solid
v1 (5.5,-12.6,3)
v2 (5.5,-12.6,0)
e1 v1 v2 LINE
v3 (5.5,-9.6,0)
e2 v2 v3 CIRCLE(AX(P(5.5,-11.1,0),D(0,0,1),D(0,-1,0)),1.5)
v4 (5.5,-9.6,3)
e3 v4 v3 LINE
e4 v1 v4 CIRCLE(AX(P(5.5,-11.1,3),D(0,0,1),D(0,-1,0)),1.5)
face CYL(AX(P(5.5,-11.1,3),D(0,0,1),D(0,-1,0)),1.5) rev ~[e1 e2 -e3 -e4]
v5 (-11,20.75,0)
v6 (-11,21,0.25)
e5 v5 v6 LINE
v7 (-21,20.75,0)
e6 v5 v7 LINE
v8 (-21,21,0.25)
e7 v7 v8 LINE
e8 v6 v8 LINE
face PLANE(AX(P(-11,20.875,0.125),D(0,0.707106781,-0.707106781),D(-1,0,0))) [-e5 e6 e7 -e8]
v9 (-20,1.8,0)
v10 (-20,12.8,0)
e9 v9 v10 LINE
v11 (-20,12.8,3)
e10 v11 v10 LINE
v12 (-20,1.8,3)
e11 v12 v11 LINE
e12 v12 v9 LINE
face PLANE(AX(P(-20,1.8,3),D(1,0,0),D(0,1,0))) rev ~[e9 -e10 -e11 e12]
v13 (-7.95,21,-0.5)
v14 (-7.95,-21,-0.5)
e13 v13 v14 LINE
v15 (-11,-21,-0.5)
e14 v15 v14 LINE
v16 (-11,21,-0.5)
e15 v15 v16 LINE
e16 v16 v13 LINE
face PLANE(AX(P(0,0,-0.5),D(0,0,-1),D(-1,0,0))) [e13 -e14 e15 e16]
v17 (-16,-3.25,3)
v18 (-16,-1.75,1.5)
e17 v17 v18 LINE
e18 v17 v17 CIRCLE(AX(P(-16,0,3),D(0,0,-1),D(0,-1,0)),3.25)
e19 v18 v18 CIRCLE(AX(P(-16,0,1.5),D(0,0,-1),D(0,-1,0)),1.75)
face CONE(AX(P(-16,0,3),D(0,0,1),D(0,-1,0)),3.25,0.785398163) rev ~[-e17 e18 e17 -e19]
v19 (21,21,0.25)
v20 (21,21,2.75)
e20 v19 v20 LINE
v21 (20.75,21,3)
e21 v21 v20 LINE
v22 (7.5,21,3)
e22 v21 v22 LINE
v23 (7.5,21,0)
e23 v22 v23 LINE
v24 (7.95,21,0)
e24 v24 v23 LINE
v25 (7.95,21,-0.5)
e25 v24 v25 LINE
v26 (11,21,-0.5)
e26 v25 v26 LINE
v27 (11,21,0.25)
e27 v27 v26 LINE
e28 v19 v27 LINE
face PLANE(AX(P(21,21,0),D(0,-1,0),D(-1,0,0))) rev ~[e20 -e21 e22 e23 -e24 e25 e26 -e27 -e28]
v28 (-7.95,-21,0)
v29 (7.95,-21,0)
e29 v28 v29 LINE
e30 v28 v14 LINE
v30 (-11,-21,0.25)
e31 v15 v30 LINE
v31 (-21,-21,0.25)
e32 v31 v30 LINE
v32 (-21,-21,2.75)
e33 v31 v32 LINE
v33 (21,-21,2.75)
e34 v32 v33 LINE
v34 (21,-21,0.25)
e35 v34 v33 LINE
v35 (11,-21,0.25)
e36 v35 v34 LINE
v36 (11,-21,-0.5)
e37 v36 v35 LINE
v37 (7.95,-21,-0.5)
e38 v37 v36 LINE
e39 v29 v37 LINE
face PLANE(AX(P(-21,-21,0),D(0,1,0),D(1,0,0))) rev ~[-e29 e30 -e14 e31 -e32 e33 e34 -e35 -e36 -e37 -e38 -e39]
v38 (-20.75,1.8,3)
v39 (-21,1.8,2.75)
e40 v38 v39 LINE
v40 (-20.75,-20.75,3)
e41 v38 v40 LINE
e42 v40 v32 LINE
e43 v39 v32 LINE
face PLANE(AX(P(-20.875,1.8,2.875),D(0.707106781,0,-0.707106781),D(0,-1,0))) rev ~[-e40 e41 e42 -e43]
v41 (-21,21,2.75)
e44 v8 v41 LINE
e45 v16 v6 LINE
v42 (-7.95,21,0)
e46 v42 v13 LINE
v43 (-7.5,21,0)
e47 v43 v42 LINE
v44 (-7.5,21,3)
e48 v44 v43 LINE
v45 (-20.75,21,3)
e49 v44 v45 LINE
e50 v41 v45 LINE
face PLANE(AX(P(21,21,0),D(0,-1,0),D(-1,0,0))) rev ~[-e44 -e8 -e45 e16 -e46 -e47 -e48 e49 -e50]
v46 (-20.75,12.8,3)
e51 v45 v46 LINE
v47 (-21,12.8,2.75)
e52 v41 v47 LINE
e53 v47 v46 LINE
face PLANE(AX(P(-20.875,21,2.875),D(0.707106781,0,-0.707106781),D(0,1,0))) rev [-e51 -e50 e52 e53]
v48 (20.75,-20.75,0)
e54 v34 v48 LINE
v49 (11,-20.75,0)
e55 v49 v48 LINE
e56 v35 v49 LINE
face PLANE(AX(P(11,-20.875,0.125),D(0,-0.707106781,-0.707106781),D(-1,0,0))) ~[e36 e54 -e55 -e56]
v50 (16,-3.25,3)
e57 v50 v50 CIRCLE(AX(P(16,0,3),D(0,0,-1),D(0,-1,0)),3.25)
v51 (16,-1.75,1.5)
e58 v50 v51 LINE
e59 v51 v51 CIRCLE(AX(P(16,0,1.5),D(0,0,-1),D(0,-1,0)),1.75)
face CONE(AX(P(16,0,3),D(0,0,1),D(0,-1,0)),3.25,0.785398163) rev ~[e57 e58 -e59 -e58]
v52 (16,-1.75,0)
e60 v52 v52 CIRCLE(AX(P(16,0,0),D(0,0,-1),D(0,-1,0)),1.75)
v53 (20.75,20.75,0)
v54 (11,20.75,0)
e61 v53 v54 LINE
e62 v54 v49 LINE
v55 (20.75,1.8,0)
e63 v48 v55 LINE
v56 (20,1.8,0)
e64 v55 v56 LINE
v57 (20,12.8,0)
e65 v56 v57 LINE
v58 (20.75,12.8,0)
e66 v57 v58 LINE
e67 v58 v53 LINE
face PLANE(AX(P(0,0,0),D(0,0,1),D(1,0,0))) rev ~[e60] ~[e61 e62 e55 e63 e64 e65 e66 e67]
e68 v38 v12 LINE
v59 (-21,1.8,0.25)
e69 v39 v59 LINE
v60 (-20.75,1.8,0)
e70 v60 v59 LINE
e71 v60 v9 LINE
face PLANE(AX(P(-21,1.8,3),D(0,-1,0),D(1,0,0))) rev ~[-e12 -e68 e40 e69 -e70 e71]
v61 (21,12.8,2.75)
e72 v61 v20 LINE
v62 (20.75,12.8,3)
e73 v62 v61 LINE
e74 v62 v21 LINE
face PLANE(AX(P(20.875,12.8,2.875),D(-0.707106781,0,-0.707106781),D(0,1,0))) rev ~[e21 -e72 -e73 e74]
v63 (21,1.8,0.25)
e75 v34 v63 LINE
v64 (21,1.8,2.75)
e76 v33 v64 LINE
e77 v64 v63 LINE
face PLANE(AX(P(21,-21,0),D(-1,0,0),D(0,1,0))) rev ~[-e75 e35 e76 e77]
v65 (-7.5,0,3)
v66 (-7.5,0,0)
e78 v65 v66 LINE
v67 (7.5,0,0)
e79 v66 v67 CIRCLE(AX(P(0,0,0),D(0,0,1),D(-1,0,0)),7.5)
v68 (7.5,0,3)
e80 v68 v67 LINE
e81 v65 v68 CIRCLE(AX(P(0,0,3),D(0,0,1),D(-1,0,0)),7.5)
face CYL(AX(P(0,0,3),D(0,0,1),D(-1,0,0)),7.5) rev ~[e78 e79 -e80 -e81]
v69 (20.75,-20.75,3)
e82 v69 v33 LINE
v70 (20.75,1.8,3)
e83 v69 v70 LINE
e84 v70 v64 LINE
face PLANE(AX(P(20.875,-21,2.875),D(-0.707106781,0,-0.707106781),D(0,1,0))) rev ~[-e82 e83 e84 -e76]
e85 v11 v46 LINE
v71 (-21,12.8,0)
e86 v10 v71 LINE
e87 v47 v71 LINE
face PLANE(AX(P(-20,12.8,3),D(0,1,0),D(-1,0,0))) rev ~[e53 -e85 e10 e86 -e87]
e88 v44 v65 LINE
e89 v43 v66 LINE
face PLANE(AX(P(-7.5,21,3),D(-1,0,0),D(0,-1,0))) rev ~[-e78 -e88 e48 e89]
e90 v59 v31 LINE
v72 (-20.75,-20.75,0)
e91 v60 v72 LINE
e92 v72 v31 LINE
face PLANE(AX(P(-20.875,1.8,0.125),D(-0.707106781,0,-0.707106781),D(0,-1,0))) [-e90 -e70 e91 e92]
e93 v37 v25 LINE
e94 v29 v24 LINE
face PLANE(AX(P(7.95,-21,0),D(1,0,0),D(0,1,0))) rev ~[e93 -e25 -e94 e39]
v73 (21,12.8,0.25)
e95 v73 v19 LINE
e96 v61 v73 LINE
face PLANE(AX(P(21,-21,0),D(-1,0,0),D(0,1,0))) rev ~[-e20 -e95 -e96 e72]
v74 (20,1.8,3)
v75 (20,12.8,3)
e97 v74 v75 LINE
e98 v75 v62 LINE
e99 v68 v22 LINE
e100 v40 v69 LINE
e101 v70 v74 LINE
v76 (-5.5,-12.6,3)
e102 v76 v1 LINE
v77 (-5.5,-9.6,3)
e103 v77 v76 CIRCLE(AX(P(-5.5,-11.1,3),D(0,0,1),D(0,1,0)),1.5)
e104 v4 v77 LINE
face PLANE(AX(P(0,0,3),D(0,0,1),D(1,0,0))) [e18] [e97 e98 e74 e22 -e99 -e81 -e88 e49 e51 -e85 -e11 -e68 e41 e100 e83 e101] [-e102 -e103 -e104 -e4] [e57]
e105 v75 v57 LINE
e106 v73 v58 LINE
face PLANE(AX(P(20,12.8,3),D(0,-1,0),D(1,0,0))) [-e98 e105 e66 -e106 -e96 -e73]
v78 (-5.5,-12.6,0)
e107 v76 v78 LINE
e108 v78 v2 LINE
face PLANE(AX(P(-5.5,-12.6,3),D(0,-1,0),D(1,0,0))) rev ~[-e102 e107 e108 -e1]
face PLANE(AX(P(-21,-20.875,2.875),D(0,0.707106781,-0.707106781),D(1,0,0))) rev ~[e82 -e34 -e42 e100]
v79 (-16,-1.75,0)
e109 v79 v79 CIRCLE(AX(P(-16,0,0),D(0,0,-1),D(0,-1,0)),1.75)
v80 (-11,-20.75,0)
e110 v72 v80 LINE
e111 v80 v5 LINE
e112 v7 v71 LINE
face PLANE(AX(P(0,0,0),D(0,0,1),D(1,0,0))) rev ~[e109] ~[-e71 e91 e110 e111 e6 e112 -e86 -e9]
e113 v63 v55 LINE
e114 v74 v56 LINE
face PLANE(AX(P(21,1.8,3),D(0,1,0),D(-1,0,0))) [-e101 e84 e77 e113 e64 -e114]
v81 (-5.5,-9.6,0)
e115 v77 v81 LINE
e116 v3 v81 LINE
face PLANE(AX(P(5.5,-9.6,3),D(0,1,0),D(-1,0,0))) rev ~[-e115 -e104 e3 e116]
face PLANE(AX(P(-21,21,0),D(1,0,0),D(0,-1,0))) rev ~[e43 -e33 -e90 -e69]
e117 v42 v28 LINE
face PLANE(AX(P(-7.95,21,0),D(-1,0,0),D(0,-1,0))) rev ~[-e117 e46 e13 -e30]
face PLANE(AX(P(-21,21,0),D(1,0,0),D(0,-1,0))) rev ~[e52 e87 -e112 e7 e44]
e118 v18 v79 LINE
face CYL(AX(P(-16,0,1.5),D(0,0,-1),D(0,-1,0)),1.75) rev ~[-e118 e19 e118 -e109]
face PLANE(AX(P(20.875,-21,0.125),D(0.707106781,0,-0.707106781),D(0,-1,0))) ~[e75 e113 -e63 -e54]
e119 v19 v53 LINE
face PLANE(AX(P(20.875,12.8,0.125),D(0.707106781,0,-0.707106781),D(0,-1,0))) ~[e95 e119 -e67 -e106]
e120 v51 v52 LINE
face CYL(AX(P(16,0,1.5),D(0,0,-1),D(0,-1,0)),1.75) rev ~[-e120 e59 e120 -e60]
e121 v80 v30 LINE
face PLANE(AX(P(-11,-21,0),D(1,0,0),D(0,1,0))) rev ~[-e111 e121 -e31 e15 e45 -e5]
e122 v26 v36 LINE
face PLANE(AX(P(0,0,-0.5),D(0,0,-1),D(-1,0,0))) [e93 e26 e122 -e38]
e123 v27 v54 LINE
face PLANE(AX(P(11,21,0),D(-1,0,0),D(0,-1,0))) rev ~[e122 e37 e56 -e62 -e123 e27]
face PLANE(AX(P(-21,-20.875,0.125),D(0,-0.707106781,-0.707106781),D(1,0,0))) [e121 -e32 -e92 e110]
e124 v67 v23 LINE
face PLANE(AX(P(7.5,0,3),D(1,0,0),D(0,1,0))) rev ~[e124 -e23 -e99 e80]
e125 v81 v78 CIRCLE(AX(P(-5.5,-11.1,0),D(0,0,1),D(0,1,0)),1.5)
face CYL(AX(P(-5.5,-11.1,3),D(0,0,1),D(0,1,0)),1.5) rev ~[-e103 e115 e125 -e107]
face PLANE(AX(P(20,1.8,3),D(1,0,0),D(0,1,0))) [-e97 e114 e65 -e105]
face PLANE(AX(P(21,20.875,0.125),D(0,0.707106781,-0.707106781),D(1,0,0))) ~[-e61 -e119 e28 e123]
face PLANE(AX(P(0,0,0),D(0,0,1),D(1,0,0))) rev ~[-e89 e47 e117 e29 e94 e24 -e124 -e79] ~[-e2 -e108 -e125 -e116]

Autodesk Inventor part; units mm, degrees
ref_plane "YZ Plane" through (0, 0, 0) normal (1, 0, 0) x (0, 1, 0)
ref_plane "XZ Plane" through (0, 0, 0) normal (0, 1, 0) x (-1, 0, 0)
ref_plane "XY Plane" through (0, 0, 0) normal (0, 0, 1) x (1, 0, 0)
sketch "Esquisse1" plane through (0, 0, 0) normal (0, 0, 1) x (1, 0, 0)
  line L0 (-21, -21) -> (21, -21)
  line L1 (21, -21) -> (21, 21)
  line L2 (21, 21) -> (-21, 21)
  line L3 (-21, 21) -> (-21, -21)
  point P0 (0, 0)
  dimension "d0" = 42
  dimension "d1" = 42
  dimension "d2" = 21
  dimension "d3" = 21
extrude "Extrusion1" add sketch "Esquisse1" along normal blind 3
sketch "Esquisse2" plane through (0, 0, 3) normal (0, 0, 1) x (1, 0, 0)
  line L0 (21, 1.8) -> (20, 1.8)
  line L1 (20, 1.8) -> (20, 12.8)
  line L2 (20, 12.8) -> (21, 12.8)
  line L3 (21, 12.8) -> (21, 1.8)
  line L4 (-21, 1.8) -> (-20, 1.8)
  line L5 (-20, 1.8) -> (-20, 12.8)
  line L6 (-20, 12.8) -> (-21, 12.8)
  line L7 (-21, 12.8) -> (-21, 1.8)
  line L8 (21, 21) -> (-21, 21) projected
  line L9 (-21, 21) -> (-21, -21) projected
  line L10 (21, -21) -> (21, 21) projected
  point P0 (0, 0)
  dimension "d6" = 40
  dimension "d7" = 20
  dimension "d8" = 11
  dimension "d9" = 8.2
extrude "Extrusion2" cut sketch "Esquisse2" against normal through all
sketch "Esquisse3" plane through (0, 0, 3) normal (0, 0, 1) x (1, 0, 0)
  line L0 (7.5, 0) -> (7.5, 21)
  line L1 (7.5, 21) -> (-7.5, 21)
  line L2 (-7.5, 21) -> (-7.5, 0)
  line L3 (21, 21) -> (-21, 21) projected
  arc A0 (-7.5, 0) -> (7.5, 0) centre (0, 0) ccw
  line L4 (-5.5, -11.1) -> (5.5, -11.1) construction
  line L5 (-5.5, -12.6) -> (5.5, -12.6)
  line L6 (5.5, -9.6) -> (-5.5, -9.6)
  arc A1 (-5.5, -9.6) -> (-5.5, -12.6) centre (-5.5, -11.1) ccw
  arc A2 (5.5, -12.6) -> (5.5, -9.6) centre (5.5, -11.1) ccw
  line L7 (-21, -21) -> (21, -21) projected
  point P0 (0, 0)
  point P1 (0, -11.1)
  dimension "d12" = 15
  dimension "d13" = 7.5
  dimension "d14" = 21
  dimension "d15" = 3
  dimension "d16" = 14
  dimension "d17" = 8.4
extrude "Extrusion3" cut sketch "Esquisse3" against normal through all
sketch "Esquisse4" plane through (0, 0, 0) normal (0, 0, -1) x (-1, 0, 0)
  line L0 (21, -21) -> (-21, -21) projected
  line L1 (-11, -21) -> (-7.95, -21)
  line L2 (-7.95, -21) -> (-7.95, 21)
  line L3 (-7.95, 21) -> (-11, 21)
  line L4 (-11, 21) -> (-11, -21)
  line L5 (7.95, -21) -> (11, -21)
  line L6 (11, -21) -> (11, 21)
  line L7 (11, 21) -> (7.95, 21)
  line L8 (7.95, 21) -> (7.95, -21)
  line L9 (7.5, 21) -> (21, 21) projected
  point P0 (0, 0)
  dimension "d20" = 3.05
  dimension "d21" = 3.05
  dimension "d22" = 15.9
  dimension "d23" = 7.95
extrude "Extrusion4" add sketch "Esquisse4" along normal blind 0.5
chamfer "Chanfrein1" distance 0.25 angle 45 12 edges at (16, 21, 0) (21, 16.9, 0) (16, -21, 0) (-16, -21, 0) (-21, -9.6, 0) (-16, 21, 0) (21, -9.6, 0) (-21, 16.9, 3) (-21, -9.6, 3) (0, -21, 3) (21, -9.6, 3) (21, 16.9, 3)
sketch "Esquisse5" plane through (0, 0, 3) normal (0, 0, 1) x (1, 0, 0)
  line L0 (-7.5, 21) -> (-20.75, 21) projected
  point P0 (0, 0)
  point P1 (-16, 0)
  point P2 (16, 0)
  dimension "d29" = 32
  dimension "d30" = 16
  dimension "d31" = 21
hole "Perçage1" at (-16, 0, 3) at (16, 0, 3) direction (0, 0, -1) diameter 3.5 end through all countersink diameter 6.5 countersink angle 90
equation "\"d2\" = 0.5 * d0"
equation "\"d3\" = 0.5 * d1"
equation "\"d7\" = 0.5 * d6"
equation "\"d13\" = 0.5 * d12"
equation "\"d21\" = d20"
equation "\"d23\" = 0.5 * d22"
equation "\"d30\" = 0.5 * d29"
properties part number "Plaque de maintient" material "----------"
